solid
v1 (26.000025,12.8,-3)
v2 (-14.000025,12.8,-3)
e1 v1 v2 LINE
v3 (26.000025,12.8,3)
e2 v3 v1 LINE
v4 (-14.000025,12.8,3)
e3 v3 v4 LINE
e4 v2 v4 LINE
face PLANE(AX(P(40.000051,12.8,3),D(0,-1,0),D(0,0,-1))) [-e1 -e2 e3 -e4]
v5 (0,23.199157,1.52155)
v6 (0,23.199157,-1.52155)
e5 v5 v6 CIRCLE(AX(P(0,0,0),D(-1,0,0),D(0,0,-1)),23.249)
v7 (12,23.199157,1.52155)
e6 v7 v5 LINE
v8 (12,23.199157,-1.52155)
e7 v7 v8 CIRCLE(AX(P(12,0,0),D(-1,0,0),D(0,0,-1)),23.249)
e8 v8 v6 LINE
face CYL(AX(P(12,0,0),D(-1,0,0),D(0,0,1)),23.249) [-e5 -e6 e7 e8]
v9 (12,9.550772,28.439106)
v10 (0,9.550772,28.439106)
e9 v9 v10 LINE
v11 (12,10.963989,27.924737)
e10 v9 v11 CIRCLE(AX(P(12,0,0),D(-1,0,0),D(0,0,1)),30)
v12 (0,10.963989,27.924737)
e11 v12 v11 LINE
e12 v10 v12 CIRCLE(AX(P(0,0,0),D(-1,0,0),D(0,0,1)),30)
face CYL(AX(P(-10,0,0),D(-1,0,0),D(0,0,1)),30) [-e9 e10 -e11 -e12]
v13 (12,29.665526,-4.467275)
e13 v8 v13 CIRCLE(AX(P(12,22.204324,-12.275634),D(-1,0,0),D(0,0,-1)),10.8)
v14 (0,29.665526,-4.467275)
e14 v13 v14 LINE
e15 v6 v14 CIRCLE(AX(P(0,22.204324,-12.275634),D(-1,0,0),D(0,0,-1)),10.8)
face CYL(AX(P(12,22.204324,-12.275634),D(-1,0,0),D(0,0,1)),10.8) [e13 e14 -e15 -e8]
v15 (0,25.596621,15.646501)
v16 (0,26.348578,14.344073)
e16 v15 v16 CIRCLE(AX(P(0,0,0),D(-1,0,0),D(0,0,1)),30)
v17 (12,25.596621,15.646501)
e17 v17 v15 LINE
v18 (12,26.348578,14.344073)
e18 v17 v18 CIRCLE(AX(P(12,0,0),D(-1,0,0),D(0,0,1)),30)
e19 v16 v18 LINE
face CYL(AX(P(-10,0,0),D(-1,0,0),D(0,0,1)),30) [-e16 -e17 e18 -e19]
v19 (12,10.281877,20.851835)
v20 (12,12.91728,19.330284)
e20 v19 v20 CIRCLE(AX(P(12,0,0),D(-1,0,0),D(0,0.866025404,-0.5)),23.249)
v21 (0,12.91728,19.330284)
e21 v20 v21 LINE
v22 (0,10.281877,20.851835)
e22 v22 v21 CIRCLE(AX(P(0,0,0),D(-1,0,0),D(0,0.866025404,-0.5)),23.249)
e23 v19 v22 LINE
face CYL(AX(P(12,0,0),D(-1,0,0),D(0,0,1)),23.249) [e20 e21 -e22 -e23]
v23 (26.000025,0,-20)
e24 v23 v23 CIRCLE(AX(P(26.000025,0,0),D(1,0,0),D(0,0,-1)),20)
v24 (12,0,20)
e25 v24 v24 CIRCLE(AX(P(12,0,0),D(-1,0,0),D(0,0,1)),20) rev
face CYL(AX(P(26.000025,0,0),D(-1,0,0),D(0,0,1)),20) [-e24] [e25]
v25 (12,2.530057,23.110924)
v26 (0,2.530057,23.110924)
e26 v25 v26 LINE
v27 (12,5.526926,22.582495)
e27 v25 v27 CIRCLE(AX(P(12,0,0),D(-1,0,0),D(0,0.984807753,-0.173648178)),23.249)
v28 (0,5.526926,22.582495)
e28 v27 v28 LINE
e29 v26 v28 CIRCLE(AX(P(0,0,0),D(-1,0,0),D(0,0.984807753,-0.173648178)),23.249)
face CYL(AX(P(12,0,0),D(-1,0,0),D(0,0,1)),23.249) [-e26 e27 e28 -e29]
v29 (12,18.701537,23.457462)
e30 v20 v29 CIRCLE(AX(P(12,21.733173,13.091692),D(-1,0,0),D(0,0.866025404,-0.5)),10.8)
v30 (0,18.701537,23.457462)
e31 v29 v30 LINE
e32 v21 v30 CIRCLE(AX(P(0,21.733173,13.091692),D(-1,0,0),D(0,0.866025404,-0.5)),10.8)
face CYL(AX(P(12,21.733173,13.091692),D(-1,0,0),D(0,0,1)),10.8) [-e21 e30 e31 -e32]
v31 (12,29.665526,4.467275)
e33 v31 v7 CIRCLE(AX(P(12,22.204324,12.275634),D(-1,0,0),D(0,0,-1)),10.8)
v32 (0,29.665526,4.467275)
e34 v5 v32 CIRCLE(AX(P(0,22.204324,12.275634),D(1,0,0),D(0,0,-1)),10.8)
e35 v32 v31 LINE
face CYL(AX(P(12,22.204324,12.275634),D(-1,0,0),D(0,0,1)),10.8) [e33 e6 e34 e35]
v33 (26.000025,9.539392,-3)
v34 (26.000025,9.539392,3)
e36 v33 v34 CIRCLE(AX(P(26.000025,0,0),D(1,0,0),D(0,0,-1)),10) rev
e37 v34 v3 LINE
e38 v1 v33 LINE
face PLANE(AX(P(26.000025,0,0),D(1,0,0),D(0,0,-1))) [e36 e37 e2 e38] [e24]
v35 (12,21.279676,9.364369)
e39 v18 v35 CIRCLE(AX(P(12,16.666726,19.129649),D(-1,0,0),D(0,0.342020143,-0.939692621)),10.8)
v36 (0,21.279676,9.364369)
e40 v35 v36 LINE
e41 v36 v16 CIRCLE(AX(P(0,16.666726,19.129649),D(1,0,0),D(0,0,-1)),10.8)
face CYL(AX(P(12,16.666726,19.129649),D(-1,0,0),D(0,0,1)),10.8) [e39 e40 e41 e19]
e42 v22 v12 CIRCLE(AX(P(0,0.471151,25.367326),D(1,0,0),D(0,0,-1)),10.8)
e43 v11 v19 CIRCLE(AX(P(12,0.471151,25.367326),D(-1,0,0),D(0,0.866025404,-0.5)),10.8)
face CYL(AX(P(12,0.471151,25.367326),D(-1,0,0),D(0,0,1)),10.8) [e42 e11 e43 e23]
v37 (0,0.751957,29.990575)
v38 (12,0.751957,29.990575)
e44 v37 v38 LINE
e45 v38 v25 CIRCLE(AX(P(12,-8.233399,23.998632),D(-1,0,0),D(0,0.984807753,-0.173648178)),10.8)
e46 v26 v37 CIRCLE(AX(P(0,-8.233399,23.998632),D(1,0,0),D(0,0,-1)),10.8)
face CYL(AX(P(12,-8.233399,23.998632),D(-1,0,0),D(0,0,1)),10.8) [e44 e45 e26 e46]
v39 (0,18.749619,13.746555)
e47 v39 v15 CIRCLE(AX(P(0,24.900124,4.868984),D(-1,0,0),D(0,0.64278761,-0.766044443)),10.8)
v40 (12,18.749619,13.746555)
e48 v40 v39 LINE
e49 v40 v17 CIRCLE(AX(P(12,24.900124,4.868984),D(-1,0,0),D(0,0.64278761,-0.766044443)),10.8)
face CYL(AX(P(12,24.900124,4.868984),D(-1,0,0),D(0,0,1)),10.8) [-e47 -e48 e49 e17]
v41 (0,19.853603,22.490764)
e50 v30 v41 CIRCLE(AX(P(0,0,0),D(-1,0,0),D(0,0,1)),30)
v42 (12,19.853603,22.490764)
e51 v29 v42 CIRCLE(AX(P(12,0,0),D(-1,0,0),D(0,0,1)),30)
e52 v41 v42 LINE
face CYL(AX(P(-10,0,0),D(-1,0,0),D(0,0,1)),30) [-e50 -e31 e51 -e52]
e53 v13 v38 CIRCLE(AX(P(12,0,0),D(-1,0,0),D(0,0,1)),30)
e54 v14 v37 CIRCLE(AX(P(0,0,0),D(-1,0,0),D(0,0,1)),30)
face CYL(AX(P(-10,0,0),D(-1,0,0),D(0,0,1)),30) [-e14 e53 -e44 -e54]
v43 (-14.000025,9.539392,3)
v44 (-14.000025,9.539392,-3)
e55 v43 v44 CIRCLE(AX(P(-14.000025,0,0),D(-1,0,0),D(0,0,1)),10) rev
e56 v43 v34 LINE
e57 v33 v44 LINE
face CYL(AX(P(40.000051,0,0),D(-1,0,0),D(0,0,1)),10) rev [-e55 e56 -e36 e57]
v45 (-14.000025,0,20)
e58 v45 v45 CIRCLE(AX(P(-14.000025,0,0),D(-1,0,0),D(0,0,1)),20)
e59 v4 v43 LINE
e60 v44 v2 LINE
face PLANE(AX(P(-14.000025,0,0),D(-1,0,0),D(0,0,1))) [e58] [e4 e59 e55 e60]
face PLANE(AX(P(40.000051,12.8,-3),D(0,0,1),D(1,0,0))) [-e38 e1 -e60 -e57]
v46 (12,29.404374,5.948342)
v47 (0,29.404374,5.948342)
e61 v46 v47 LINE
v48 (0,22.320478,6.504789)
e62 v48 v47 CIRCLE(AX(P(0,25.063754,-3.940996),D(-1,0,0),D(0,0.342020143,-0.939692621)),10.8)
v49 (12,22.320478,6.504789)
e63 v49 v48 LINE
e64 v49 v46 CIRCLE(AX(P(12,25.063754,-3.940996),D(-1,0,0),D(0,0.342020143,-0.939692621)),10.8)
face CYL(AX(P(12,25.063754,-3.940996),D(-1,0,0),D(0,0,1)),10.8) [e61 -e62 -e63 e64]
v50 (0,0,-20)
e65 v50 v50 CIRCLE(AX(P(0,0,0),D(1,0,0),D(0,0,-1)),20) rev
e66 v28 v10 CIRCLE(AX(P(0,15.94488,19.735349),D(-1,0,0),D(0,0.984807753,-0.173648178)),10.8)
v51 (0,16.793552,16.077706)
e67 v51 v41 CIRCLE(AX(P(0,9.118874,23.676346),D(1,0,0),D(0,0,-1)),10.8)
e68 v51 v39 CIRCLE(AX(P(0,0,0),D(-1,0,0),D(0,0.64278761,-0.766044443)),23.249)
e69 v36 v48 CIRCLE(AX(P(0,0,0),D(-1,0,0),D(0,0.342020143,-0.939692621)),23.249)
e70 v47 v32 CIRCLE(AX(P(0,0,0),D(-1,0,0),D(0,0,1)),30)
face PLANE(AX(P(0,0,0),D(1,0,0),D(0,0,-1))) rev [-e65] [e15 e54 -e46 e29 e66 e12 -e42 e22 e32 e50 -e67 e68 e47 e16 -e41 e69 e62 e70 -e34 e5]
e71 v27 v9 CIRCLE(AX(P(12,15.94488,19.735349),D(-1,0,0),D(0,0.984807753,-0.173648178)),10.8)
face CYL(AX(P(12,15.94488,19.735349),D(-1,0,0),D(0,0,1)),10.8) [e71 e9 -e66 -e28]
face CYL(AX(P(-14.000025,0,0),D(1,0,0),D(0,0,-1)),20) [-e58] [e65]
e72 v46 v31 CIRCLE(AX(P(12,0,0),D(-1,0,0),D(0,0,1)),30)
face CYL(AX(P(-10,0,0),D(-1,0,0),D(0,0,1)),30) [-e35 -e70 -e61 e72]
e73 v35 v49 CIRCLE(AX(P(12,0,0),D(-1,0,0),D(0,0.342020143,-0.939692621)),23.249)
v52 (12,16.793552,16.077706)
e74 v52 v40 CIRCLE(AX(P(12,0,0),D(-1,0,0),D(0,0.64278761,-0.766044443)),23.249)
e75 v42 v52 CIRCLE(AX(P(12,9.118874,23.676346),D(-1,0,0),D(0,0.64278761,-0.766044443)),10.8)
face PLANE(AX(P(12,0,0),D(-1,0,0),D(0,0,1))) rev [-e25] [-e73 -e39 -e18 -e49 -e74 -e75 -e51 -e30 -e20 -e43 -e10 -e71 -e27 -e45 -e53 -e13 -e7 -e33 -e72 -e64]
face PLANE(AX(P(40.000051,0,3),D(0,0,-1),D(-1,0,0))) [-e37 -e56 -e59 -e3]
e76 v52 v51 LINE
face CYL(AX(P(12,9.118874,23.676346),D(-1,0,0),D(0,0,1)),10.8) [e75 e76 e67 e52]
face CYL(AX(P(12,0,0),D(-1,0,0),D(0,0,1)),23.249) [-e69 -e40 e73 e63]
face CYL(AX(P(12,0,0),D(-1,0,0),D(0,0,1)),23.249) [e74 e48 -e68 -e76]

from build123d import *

# Parameters (mm, degrees)
BASPROSKE_W       = 12
BASPROSKE_H       = 30
TOOTHCUT_DEPTH    = 45.09081537
TEETHCUTS_COUNT   = 5
TEETHCUTS_ANGLE   = 80
HUBNEABOTSKE_R    = 20
HUBNEARBOTH_DEPTH = 14.0000254
HUBFAR_START      = 14.0000254
HUBFARSKE_R       = 20
HUBFAR_DEPTH      = 14.0000254
BORSKE_R          = 10
BORE_DEPTH        = 40.0000508
KEYSKE_W          = 6
KEYSKE_H          = 12.8
KEYWAY_DEPTH      = 40.0000508


with BuildPart() as part:
    # BasProSke → Base-Revolve (revolve)
    with BuildSketch(Plane(origin=(0, 0, 0), x_dir=(1, 0, 0), z_dir=(0, 1, 0))):
        with Locations((6, 15)):
            Rectangle(BASPROSKE_W, BASPROSKE_H)
    revolve(axis=Axis((-10, 0, 0), (1, 0, 0)))

    # TooCutSke → ToothCut (cut, through all)
    with BuildSketch(Plane(origin=(0, 0, 0), x_dir=(0, 0, -1), z_dir=(1, 0, 0))):
        with BuildLine():
            ThreePointArc((1.5215504, 23.199156997), (0, 23.249), (-1.5215504, 23.199156997))
            ThreePointArc((-1.5215504, 23.199156997), (-2.453834427, 26.695678065), (-4.48878157, 29.687968694))
            ThreePointArc((-4.48878157, 29.687968694), (0, 30.0254), (4.48878157, 29.687968694))
            ThreePointArc((4.48878157, 29.687968694), (2.453834427, 26.695678065), (1.5215504, 23.199156997))
        make_face()
    toothcut = extrude(amount=TOOTHCUT_DEPTH, mode=Mode.SUBTRACT)

    # TeethCuts: ToothCut ×5 about axis
    teethcuts_axis = Axis((-10, 0, 0), (1, 0, 0))
    for i in range(1, TEETHCUTS_COUNT):
        add(toothcut.rotate(teethcuts_axis, i * TEETHCUTS_ANGLE / (TEETHCUTS_COUNT - 1)), mode=Mode.SUBTRACT)

    # HubNeaBotSke → HubNearBoth (add)
    with BuildSketch(Plane.ZY):
        Circle(HUBNEABOTSKE_R)
    extrude(amount=HUBNEARBOTH_DEPTH)

    # HubFarSke → HubFar (add)
    with BuildSketch(Plane(origin=(12, 0, 0), x_dir=(0, 0, -1), z_dir=(1, 0, 0)).offset(HUBFAR_START)):
        Circle(HUBFARSKE_R)
    extrude(amount=-HUBFAR_DEPTH)

    # BorSke → Bore (cut, symmetric)
    with BuildSketch(Plane(origin=(0, 0, 0), x_dir=(0, 0, -1), z_dir=(1, 0, 0))):
        Circle(BORSKE_R)
    extrude(amount=BORE_DEPTH, both=True, mode=Mode.SUBTRACT)

    # KeySke → Keyway (cut, symmetric)
    with BuildSketch(Plane(origin=(0, 0, 0), x_dir=(0, 0, -1), z_dir=(1, 0, 0))):
        with Locations((0, 6.4)):
            Rectangle(KEYSKE_W, KEYSKE_H)
    extrude(amount=KEYWAY_DEPTH, both=True, mode=Mode.SUBTRACT)


solid = part.part
